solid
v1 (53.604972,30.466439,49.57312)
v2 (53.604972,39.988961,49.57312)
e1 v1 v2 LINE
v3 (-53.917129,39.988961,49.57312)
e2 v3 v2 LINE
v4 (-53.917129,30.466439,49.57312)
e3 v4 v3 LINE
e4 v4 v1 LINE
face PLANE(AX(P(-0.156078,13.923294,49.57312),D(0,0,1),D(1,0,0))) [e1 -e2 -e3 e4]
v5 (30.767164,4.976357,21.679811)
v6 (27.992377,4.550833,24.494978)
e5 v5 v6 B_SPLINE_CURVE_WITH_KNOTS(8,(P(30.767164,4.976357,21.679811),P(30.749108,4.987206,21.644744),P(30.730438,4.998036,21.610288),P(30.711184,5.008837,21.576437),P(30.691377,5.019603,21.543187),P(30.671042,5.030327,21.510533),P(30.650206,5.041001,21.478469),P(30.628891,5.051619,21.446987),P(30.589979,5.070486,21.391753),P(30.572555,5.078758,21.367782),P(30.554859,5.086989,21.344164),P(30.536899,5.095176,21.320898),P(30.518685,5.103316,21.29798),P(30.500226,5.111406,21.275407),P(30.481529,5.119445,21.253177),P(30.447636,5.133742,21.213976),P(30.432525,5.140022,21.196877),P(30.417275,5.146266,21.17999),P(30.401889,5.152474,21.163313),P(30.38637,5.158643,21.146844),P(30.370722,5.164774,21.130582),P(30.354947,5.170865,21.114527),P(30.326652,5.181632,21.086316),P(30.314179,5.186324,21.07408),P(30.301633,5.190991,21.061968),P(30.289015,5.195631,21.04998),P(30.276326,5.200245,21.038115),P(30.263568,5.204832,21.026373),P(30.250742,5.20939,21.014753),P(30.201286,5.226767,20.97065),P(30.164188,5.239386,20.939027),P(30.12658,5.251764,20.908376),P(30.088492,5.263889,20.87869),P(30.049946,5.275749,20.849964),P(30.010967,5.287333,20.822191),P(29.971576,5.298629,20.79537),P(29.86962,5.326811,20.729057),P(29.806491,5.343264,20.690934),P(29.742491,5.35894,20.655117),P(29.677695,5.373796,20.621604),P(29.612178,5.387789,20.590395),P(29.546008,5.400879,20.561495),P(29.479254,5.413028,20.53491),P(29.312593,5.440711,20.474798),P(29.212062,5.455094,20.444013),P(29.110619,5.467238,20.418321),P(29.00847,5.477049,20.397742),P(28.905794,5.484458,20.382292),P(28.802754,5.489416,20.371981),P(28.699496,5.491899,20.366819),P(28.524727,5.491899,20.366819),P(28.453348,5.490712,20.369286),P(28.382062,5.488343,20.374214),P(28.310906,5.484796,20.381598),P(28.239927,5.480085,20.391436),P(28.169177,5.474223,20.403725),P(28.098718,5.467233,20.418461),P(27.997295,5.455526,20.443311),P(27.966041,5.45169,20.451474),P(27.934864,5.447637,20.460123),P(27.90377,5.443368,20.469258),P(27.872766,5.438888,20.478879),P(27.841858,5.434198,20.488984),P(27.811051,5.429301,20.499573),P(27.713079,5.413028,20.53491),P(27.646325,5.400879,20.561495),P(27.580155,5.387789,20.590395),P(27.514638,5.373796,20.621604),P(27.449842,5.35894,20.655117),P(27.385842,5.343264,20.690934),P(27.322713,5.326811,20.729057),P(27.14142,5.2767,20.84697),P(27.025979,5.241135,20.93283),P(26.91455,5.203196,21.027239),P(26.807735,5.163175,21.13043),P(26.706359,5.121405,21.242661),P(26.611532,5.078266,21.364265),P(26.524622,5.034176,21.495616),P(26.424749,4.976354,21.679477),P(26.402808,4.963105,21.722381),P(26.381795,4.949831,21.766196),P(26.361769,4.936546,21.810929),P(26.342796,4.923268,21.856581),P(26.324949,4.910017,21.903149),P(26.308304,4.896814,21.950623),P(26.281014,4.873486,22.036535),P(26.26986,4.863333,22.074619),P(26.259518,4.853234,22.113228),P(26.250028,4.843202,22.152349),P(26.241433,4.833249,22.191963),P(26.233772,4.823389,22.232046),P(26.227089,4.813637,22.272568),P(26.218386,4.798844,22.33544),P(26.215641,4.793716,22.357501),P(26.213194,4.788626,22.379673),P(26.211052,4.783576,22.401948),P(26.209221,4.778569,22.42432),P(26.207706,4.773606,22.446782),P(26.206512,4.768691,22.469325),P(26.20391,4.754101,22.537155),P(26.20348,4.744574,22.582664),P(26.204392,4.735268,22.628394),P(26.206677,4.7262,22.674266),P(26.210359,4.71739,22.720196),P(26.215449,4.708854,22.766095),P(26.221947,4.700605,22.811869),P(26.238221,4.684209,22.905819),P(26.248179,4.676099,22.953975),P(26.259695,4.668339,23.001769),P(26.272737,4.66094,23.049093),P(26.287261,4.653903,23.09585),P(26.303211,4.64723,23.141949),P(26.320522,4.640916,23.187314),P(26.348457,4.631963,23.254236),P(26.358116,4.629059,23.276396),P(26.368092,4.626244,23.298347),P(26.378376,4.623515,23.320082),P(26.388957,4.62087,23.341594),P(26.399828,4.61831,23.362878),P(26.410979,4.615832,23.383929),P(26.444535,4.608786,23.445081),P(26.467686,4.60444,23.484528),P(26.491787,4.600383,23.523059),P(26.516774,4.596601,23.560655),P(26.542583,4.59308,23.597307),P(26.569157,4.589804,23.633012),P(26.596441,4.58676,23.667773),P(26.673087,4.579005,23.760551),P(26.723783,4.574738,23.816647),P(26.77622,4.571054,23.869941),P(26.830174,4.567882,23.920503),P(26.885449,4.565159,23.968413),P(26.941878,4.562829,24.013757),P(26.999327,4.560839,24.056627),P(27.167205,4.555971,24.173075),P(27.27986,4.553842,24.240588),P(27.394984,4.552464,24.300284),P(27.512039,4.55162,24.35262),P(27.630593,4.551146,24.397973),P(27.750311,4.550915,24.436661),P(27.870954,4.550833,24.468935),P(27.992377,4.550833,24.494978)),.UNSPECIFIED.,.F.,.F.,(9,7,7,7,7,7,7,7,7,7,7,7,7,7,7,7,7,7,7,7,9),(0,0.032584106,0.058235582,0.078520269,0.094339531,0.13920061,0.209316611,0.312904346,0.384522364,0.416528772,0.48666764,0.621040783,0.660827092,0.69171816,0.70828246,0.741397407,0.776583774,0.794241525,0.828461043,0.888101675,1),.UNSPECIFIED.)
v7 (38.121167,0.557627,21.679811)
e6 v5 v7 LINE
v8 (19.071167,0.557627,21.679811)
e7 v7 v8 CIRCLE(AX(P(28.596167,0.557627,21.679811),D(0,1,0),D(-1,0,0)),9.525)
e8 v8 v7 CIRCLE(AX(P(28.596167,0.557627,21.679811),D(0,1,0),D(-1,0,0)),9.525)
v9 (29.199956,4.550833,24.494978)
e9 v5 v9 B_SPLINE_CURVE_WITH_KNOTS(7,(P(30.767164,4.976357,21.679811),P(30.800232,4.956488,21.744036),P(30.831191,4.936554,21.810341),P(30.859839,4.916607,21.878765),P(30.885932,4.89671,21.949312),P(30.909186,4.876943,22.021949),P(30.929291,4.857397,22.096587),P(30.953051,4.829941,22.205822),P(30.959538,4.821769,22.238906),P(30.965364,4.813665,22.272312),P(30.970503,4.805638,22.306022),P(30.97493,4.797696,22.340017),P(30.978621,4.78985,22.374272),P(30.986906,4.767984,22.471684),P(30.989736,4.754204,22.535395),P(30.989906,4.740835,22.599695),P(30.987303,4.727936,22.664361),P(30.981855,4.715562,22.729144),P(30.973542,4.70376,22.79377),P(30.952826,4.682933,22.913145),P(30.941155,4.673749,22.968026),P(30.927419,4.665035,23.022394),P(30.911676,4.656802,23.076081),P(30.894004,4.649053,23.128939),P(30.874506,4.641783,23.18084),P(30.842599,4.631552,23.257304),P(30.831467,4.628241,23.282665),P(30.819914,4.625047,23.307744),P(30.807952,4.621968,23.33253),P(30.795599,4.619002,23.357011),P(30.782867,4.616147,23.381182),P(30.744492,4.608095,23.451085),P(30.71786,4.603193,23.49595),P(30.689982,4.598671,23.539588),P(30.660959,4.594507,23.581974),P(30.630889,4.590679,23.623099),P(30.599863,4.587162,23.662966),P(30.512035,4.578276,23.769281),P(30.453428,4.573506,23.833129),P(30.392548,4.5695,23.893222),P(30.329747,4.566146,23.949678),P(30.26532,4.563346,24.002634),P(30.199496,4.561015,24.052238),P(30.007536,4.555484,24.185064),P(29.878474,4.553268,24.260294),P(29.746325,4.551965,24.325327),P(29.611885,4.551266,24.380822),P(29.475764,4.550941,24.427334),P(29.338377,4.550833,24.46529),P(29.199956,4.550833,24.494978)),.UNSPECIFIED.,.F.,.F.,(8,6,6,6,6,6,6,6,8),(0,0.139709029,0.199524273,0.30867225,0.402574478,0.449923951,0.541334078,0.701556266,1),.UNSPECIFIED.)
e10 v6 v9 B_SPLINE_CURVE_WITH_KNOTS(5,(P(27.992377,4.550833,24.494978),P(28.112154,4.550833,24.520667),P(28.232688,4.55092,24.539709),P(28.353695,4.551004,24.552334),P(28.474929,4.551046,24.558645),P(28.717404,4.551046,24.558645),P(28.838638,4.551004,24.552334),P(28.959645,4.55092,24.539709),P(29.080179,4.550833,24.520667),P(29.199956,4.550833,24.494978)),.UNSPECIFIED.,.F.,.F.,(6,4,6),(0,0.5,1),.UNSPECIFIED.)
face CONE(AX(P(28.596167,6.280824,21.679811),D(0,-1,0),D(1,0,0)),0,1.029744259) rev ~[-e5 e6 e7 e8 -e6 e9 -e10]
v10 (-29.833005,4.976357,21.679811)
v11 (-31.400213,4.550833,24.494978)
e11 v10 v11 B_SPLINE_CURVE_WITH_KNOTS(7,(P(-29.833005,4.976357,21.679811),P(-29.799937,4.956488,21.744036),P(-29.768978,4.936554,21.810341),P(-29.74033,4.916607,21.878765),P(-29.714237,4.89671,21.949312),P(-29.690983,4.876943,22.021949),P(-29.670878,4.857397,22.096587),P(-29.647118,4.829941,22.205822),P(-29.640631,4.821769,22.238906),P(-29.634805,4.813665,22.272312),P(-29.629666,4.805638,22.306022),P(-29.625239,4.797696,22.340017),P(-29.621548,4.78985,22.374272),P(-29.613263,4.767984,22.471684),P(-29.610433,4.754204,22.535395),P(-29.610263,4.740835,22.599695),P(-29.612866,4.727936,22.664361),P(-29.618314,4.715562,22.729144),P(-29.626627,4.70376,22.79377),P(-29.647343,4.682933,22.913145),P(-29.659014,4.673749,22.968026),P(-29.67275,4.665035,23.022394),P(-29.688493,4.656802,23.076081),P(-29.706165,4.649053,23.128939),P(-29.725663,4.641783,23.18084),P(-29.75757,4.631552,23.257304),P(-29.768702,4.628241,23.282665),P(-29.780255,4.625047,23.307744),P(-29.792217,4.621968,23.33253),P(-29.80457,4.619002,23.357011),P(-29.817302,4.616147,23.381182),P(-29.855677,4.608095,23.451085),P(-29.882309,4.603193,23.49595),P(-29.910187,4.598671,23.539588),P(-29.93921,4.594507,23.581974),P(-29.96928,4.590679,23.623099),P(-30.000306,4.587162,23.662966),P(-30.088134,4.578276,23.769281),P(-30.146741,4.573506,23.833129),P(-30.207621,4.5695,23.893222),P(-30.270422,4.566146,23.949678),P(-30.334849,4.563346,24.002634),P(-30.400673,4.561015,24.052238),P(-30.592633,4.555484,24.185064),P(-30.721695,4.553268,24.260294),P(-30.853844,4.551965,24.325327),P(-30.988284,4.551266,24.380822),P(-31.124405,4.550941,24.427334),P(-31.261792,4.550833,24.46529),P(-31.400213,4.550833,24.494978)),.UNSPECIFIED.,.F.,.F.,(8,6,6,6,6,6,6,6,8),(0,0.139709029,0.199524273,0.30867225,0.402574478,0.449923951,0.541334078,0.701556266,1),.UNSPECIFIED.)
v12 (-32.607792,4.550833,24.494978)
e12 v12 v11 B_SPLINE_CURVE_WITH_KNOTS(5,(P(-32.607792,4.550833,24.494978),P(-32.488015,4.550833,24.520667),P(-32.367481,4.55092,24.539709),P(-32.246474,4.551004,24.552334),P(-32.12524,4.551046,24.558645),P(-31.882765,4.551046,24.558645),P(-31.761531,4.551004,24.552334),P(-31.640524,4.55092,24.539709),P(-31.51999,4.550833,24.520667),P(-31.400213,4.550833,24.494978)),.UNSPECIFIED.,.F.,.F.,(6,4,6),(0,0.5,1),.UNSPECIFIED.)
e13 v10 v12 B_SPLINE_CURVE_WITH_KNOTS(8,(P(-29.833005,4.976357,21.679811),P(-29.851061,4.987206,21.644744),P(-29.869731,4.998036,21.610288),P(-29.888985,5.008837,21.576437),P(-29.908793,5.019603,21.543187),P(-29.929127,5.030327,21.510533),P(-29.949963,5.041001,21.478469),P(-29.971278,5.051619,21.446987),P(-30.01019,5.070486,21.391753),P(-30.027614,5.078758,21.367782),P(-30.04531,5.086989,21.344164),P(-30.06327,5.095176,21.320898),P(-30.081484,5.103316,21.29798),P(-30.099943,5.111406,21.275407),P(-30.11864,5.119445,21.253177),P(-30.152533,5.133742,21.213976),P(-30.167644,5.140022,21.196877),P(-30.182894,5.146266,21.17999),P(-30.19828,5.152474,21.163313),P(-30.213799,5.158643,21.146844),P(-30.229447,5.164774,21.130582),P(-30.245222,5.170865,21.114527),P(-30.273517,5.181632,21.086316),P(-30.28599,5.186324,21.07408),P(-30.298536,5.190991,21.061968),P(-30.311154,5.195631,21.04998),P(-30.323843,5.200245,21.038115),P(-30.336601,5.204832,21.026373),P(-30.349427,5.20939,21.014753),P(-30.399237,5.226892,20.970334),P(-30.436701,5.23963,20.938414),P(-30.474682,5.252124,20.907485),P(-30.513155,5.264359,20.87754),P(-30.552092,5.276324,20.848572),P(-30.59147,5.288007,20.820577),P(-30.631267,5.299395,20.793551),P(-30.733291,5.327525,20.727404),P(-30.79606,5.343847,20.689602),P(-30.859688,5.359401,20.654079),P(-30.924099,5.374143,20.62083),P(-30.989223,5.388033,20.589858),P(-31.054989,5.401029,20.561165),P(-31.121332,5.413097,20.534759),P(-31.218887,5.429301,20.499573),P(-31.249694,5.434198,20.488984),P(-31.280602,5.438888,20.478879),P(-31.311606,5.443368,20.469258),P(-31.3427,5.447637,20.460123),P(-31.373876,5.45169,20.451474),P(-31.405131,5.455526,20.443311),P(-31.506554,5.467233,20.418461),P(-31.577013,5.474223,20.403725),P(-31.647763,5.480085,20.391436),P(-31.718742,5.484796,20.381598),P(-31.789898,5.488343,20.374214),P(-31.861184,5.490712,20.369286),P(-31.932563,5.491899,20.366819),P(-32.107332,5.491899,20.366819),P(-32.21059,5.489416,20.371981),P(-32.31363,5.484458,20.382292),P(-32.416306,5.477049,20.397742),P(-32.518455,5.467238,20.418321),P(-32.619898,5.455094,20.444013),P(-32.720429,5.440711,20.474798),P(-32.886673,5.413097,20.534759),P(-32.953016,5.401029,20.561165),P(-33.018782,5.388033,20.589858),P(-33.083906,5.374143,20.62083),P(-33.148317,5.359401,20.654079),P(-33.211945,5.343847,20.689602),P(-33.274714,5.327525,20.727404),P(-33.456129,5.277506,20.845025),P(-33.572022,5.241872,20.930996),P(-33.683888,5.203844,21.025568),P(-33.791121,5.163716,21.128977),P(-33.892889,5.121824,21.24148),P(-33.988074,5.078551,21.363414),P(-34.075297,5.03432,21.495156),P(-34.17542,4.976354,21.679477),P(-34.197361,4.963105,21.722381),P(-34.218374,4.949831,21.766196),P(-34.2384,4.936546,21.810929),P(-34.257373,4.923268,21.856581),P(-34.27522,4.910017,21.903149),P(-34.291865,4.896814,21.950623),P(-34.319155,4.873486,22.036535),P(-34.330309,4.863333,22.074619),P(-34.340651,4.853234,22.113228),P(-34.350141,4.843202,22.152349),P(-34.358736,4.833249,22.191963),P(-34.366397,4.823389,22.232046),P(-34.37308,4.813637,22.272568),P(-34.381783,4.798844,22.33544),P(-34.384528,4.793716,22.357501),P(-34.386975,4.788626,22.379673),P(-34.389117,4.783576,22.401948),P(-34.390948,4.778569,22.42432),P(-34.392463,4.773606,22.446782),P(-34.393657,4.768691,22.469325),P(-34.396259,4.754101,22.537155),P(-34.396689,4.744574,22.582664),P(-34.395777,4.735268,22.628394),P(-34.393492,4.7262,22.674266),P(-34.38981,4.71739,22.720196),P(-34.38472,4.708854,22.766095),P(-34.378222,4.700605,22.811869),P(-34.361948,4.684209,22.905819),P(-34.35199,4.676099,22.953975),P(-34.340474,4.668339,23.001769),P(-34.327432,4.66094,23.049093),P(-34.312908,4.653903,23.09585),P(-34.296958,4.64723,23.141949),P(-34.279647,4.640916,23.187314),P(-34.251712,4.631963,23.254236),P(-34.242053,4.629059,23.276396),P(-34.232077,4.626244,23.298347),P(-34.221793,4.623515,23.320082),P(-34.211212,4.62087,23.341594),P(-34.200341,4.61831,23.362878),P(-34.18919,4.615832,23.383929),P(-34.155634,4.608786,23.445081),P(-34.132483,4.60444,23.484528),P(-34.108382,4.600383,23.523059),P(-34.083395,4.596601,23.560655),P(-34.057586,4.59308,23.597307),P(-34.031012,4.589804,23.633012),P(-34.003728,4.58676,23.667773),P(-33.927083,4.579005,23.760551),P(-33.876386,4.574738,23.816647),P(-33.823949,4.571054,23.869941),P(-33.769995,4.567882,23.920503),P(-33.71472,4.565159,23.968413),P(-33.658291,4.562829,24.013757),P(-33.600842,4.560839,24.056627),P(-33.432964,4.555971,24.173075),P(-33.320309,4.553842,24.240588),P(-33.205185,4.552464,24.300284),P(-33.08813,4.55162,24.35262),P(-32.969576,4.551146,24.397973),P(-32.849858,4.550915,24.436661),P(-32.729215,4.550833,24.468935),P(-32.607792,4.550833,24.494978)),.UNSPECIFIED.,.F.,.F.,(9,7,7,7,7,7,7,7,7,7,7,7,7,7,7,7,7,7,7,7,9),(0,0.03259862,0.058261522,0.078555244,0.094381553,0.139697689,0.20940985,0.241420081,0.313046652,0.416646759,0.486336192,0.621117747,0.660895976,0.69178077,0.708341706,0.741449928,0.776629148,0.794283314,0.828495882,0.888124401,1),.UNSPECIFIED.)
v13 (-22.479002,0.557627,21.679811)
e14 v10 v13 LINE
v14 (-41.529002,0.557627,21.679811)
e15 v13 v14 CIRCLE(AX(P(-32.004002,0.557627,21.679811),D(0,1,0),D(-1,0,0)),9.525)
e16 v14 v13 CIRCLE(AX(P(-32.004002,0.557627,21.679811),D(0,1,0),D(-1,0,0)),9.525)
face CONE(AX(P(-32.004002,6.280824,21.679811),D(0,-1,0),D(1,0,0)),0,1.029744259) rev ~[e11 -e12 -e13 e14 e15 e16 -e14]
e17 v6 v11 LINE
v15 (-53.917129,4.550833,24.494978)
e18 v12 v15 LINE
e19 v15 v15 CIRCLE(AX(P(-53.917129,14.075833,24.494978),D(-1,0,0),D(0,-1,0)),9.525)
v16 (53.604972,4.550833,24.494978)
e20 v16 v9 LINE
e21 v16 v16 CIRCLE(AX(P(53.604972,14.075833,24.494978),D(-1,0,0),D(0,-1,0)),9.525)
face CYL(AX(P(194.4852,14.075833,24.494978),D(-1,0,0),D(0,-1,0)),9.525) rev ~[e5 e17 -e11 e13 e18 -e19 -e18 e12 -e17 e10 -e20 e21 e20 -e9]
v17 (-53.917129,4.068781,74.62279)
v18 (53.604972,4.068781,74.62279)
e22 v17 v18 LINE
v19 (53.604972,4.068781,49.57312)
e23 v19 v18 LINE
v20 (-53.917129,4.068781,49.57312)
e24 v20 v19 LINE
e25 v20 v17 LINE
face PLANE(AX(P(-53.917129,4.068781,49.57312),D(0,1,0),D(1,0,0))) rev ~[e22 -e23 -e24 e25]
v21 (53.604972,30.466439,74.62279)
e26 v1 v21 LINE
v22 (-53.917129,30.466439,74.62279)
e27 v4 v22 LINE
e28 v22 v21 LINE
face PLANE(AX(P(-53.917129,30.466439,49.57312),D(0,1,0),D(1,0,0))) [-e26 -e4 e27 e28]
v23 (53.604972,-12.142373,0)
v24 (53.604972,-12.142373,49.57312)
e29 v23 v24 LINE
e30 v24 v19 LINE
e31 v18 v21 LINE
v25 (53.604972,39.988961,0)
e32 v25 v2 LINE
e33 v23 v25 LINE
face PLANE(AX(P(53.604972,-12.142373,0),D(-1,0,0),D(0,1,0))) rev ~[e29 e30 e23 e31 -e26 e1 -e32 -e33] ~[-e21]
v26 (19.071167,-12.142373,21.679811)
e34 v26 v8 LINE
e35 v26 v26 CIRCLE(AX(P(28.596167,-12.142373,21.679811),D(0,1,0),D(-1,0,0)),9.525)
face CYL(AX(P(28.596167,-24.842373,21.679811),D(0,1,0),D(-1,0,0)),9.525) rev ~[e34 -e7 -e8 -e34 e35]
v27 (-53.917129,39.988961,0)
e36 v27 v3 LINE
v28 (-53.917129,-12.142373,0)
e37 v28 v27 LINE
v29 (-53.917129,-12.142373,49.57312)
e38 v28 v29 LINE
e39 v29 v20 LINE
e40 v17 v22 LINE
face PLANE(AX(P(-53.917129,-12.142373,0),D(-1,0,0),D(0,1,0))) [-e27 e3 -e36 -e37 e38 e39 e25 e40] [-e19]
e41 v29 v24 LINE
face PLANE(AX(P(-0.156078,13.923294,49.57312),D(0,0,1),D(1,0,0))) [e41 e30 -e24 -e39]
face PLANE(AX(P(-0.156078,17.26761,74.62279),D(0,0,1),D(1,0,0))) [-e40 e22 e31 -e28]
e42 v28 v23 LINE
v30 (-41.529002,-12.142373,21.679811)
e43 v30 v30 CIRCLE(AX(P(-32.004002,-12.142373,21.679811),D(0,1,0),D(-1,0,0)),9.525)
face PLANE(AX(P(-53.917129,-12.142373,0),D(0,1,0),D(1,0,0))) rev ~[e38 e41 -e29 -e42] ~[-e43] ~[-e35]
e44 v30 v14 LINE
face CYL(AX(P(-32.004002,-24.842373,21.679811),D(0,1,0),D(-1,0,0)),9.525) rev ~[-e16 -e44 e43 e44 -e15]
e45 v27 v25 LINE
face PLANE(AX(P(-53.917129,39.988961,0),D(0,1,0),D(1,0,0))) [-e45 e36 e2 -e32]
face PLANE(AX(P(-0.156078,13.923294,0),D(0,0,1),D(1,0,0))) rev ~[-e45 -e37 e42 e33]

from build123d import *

# Parameters (mm, degrees)
F0_W     = 107.5221002102
F0_H     = 52.1313343197
F1_DEPTH = 49.57312
F2_W     = 107.5221002102
F2_H     = 26.3976580463
F3_DEPTH = 25.04967
F6_D     = 19.05
F7_D     = 19.05
F7_DEPTH = 12.7
F7_TIP   = 5.7231973962


with BuildPart() as f1:
    # F0 (on Top) → F1 (new body)
    with BuildSketch(Plane.XY):
        with Locations((-0.1560784876, 13.9232939109)):
            Rectangle(F0_W, F0_H)
    extrude(amount=F1_DEPTH)

    # F2 (on face) → F3 (join)
    with BuildSketch(Plane.XY.offset(49.57312)):
        with Locations((-0.1560784876, 17.2676101793)):
            Rectangle(F2_W, F2_H)
    extrude(amount=F3_DEPTH)

    # F6 (through all)
    with Locations(Plane.YZ.offset(53.6049716175)):
        with Locations((14.0758333728, 24.4949776679)):
            Hole(F6_D / 2)

    # F7
    with Locations(Plane.XZ.offset(12.1423732489)):
        with Locations((-32.0040024817, 21.6798111796), (28.5961665213, 21.6798111796)):
            Hole(F7_D / 2, depth=F7_DEPTH)
            with Locations((0, 0, -(F7_DEPTH + F7_TIP / 2))):  # 118° drill point
                Cone(0, F7_D / 2, F7_TIP, mode=Mode.SUBTRACT)


solid = f1.part
